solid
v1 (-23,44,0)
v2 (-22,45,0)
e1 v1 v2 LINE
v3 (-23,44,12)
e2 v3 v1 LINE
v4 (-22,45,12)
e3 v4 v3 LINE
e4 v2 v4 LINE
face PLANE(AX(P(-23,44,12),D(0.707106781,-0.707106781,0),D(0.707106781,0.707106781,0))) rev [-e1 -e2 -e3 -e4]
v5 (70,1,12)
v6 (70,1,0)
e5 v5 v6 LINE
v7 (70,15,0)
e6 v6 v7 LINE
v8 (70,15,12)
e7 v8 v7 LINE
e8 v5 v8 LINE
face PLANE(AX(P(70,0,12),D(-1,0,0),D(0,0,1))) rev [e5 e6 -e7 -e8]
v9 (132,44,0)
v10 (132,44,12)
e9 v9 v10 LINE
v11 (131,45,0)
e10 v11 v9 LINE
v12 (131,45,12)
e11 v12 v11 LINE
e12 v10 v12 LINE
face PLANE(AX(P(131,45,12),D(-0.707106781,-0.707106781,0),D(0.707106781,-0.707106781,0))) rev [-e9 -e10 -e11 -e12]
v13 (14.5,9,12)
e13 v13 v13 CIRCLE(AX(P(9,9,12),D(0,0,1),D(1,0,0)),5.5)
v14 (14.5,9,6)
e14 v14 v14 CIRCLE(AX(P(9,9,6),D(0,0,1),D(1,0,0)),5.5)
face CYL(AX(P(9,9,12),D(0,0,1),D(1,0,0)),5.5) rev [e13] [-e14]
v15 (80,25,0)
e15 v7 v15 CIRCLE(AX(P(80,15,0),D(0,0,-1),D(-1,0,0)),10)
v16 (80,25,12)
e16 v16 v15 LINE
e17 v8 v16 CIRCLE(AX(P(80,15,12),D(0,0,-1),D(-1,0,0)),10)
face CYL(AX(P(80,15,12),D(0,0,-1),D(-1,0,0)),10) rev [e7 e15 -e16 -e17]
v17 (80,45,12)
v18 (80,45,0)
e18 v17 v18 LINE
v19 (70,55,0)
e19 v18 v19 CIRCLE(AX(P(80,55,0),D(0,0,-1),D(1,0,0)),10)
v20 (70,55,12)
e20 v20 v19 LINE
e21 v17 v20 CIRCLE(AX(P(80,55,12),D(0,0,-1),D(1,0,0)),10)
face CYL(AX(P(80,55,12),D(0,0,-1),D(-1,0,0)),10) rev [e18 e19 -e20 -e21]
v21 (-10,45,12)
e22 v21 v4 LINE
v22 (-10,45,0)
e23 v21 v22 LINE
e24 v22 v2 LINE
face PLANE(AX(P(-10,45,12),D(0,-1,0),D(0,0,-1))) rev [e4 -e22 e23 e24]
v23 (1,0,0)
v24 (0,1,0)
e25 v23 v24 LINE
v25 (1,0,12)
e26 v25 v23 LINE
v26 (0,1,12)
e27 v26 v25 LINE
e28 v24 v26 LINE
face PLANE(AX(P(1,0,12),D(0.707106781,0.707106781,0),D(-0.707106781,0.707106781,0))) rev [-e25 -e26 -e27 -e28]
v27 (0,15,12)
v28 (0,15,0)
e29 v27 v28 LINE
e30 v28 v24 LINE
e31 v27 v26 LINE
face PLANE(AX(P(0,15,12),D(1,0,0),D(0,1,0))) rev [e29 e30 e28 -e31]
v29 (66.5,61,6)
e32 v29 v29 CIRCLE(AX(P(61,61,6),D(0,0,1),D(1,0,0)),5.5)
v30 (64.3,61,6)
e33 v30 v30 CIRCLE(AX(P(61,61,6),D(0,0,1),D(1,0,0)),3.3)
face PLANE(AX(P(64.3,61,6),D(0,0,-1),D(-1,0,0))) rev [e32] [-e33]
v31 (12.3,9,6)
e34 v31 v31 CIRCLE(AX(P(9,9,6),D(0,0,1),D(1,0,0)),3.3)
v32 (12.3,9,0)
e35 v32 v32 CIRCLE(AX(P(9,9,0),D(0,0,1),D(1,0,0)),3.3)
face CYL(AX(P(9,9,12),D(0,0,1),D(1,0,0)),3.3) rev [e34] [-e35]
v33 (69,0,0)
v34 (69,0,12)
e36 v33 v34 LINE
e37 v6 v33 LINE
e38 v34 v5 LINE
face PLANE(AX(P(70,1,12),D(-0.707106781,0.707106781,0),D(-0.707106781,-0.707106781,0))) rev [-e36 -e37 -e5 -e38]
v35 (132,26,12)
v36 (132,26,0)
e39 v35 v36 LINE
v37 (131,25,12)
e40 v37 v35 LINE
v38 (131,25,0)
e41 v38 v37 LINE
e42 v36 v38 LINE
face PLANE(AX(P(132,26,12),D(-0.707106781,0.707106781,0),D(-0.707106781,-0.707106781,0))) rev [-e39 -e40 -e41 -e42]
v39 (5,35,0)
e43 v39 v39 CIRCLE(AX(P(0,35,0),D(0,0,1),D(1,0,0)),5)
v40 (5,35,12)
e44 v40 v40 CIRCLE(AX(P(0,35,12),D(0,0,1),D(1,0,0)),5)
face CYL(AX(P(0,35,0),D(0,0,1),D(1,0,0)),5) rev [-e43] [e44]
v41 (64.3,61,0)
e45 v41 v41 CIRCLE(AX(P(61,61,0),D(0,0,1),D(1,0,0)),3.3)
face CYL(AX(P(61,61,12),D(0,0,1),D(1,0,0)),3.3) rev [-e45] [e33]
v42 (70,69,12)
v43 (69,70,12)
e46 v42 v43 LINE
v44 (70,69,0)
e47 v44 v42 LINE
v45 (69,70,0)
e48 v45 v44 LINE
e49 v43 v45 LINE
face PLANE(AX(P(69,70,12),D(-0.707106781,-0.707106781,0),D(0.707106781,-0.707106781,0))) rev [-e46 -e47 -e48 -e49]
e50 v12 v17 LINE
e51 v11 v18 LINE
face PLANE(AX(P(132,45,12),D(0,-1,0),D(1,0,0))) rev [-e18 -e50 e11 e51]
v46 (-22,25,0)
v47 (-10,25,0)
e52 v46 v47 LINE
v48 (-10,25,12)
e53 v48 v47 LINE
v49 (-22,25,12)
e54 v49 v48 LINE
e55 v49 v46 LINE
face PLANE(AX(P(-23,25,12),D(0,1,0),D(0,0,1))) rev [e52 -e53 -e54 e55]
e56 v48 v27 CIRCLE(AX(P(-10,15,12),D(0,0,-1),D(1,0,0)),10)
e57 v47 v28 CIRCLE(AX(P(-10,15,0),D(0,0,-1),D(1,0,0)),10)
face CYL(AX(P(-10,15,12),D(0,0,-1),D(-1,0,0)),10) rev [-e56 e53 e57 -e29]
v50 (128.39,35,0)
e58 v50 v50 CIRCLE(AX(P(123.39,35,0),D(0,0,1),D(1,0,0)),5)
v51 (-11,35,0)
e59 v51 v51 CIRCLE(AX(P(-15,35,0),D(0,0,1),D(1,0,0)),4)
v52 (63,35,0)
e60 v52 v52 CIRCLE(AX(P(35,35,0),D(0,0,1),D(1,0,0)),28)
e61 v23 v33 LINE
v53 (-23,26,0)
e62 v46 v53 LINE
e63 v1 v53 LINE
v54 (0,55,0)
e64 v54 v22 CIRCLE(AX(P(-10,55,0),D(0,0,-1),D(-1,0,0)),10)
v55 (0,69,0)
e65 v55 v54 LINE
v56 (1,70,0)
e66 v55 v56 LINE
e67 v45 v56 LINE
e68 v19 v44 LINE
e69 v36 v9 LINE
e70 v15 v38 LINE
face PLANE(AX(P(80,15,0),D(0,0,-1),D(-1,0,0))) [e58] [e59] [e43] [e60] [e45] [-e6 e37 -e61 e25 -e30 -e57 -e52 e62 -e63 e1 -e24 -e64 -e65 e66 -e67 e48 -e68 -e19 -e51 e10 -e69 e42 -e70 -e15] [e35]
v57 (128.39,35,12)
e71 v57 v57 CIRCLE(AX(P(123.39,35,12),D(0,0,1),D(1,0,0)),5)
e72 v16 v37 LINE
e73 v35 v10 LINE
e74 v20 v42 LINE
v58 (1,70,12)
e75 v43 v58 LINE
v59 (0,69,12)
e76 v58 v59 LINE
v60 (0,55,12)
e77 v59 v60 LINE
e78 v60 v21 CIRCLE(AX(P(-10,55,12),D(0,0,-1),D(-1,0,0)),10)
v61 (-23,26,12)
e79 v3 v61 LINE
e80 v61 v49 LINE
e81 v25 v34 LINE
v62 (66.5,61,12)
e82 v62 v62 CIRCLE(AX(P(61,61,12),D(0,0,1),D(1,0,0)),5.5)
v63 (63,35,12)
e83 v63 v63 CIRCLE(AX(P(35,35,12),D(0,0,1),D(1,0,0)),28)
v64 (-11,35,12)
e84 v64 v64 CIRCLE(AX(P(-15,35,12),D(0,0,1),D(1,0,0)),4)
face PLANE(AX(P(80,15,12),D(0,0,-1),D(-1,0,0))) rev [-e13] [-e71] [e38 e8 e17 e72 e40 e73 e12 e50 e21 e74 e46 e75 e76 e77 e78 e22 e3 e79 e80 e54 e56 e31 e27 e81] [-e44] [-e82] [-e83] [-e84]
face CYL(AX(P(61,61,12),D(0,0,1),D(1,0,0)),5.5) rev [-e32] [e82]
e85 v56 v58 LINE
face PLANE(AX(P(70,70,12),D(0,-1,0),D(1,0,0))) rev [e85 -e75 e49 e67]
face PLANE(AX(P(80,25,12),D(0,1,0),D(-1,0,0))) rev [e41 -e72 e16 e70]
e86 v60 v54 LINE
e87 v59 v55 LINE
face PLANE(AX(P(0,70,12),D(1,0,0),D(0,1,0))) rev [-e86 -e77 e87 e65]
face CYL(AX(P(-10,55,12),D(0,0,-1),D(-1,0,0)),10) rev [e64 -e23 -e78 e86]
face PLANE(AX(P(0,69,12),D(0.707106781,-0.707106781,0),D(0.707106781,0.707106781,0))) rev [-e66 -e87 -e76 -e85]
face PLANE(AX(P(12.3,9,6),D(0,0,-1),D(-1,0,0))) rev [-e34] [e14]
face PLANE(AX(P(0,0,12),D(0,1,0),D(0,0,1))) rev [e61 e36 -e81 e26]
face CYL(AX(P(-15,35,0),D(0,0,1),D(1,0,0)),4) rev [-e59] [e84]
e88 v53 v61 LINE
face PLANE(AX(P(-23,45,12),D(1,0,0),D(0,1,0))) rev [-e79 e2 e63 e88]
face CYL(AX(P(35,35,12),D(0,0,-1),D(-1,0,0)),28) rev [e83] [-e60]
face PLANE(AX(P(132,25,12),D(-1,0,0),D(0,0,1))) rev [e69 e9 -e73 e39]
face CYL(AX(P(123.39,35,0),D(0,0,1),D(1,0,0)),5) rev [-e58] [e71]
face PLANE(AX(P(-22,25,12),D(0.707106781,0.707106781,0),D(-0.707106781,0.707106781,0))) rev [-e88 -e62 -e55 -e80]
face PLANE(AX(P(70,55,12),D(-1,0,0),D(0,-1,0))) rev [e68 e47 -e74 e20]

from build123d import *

# Parameters (mm, degrees)
ESQUISSE4_R             = 28
BASE_EXTRUSION_DEPTH    = 12
CHANFREIN2_SIZE         = 1
PER_AGE1_D              = 6.6
PER_AGE1_CBORE_D        = 11
PER_AGE1_CBORE_DEPTH    = 6
ESQUISSE7_R             = 5
ESQUISSE7_R_2           = 4
ENL_V_MAT_EXTRU_1_DEPTH = 150.89329538


with BuildPart() as part:
    # Esquisse4 → Base-Extrusion (new body)
    with BuildSketch(Plane.XY):
        with BuildLine():
            Line((0, 0), (70, 0))
            Line((70, 0), (70, 15))
            ThreePointArc((70, 15), (72.928932188, 22.071067812), (80, 25))
            Line((80, 25), (132, 25))
            Line((132, 25), (132, 45))
            Line((132, 45), (80, 45))
            ThreePointArc((80, 45), (72.928932188, 47.928932188), (70, 55))
            Line((70, 55), (70, 70))
            Line((70, 70), (0, 70))
            Line((0, 70), (0, 55))
            ThreePointArc((0, 55), (-2.928932188, 47.928932188), (-10, 45))
            Line((-10, 45), (-23, 45))
            Line((-23, 45), (-23, 25))
            Line((-23, 25), (-10, 25))
            ThreePointArc((-10, 25), (-2.928932188, 22.071067812), (0, 15))
            Line((0, 15), (0, 0))
        make_face()
        with Locations((35, 35)):
            Circle(ESQUISSE4_R, mode=Mode.SUBTRACT)
    extrude(amount=BASE_EXTRUSION_DEPTH)

    # Chanfrein2
    chanfrein2_edges = [part.edges().sort_by_distance(p)[0] for p in [
        (-23, 45, 6),
        (-23, 25, 6),
        (0, 0, 6),
        (70, 0, 6),
        (132, 25, 6),
        (132, 45, 6),
        (70, 70, 6),
        (0, 70, 6),
    ]]
    chamfer(chanfrein2_edges, length=CHANFREIN2_SIZE)

    # Perçage1 (through all)
    with Locations(Plane.XY.offset(12)):
        with Locations((9, 9), (61, 61)):
            CounterBoreHole(PER_AGE1_D / 2, PER_AGE1_CBORE_D / 2, PER_AGE1_CBORE_DEPTH)

    # Esquisse7 → Enlèv. mat.-Extru.1 (cut, through all)
    with BuildSketch(Plane.XY.offset(12)):
        with Locations((0, 35)):
            Circle(ESQUISSE7_R)
        with Locations((-15, 35)):
            Circle(ESQUISSE7_R_2)
        with Locations((123.39, 35)):
            Circle(ESQUISSE7_R)
    extrude(amount=-ENL_V_MAT_EXTRU_1_DEPTH, mode=Mode.SUBTRACT)


solid = part.part
